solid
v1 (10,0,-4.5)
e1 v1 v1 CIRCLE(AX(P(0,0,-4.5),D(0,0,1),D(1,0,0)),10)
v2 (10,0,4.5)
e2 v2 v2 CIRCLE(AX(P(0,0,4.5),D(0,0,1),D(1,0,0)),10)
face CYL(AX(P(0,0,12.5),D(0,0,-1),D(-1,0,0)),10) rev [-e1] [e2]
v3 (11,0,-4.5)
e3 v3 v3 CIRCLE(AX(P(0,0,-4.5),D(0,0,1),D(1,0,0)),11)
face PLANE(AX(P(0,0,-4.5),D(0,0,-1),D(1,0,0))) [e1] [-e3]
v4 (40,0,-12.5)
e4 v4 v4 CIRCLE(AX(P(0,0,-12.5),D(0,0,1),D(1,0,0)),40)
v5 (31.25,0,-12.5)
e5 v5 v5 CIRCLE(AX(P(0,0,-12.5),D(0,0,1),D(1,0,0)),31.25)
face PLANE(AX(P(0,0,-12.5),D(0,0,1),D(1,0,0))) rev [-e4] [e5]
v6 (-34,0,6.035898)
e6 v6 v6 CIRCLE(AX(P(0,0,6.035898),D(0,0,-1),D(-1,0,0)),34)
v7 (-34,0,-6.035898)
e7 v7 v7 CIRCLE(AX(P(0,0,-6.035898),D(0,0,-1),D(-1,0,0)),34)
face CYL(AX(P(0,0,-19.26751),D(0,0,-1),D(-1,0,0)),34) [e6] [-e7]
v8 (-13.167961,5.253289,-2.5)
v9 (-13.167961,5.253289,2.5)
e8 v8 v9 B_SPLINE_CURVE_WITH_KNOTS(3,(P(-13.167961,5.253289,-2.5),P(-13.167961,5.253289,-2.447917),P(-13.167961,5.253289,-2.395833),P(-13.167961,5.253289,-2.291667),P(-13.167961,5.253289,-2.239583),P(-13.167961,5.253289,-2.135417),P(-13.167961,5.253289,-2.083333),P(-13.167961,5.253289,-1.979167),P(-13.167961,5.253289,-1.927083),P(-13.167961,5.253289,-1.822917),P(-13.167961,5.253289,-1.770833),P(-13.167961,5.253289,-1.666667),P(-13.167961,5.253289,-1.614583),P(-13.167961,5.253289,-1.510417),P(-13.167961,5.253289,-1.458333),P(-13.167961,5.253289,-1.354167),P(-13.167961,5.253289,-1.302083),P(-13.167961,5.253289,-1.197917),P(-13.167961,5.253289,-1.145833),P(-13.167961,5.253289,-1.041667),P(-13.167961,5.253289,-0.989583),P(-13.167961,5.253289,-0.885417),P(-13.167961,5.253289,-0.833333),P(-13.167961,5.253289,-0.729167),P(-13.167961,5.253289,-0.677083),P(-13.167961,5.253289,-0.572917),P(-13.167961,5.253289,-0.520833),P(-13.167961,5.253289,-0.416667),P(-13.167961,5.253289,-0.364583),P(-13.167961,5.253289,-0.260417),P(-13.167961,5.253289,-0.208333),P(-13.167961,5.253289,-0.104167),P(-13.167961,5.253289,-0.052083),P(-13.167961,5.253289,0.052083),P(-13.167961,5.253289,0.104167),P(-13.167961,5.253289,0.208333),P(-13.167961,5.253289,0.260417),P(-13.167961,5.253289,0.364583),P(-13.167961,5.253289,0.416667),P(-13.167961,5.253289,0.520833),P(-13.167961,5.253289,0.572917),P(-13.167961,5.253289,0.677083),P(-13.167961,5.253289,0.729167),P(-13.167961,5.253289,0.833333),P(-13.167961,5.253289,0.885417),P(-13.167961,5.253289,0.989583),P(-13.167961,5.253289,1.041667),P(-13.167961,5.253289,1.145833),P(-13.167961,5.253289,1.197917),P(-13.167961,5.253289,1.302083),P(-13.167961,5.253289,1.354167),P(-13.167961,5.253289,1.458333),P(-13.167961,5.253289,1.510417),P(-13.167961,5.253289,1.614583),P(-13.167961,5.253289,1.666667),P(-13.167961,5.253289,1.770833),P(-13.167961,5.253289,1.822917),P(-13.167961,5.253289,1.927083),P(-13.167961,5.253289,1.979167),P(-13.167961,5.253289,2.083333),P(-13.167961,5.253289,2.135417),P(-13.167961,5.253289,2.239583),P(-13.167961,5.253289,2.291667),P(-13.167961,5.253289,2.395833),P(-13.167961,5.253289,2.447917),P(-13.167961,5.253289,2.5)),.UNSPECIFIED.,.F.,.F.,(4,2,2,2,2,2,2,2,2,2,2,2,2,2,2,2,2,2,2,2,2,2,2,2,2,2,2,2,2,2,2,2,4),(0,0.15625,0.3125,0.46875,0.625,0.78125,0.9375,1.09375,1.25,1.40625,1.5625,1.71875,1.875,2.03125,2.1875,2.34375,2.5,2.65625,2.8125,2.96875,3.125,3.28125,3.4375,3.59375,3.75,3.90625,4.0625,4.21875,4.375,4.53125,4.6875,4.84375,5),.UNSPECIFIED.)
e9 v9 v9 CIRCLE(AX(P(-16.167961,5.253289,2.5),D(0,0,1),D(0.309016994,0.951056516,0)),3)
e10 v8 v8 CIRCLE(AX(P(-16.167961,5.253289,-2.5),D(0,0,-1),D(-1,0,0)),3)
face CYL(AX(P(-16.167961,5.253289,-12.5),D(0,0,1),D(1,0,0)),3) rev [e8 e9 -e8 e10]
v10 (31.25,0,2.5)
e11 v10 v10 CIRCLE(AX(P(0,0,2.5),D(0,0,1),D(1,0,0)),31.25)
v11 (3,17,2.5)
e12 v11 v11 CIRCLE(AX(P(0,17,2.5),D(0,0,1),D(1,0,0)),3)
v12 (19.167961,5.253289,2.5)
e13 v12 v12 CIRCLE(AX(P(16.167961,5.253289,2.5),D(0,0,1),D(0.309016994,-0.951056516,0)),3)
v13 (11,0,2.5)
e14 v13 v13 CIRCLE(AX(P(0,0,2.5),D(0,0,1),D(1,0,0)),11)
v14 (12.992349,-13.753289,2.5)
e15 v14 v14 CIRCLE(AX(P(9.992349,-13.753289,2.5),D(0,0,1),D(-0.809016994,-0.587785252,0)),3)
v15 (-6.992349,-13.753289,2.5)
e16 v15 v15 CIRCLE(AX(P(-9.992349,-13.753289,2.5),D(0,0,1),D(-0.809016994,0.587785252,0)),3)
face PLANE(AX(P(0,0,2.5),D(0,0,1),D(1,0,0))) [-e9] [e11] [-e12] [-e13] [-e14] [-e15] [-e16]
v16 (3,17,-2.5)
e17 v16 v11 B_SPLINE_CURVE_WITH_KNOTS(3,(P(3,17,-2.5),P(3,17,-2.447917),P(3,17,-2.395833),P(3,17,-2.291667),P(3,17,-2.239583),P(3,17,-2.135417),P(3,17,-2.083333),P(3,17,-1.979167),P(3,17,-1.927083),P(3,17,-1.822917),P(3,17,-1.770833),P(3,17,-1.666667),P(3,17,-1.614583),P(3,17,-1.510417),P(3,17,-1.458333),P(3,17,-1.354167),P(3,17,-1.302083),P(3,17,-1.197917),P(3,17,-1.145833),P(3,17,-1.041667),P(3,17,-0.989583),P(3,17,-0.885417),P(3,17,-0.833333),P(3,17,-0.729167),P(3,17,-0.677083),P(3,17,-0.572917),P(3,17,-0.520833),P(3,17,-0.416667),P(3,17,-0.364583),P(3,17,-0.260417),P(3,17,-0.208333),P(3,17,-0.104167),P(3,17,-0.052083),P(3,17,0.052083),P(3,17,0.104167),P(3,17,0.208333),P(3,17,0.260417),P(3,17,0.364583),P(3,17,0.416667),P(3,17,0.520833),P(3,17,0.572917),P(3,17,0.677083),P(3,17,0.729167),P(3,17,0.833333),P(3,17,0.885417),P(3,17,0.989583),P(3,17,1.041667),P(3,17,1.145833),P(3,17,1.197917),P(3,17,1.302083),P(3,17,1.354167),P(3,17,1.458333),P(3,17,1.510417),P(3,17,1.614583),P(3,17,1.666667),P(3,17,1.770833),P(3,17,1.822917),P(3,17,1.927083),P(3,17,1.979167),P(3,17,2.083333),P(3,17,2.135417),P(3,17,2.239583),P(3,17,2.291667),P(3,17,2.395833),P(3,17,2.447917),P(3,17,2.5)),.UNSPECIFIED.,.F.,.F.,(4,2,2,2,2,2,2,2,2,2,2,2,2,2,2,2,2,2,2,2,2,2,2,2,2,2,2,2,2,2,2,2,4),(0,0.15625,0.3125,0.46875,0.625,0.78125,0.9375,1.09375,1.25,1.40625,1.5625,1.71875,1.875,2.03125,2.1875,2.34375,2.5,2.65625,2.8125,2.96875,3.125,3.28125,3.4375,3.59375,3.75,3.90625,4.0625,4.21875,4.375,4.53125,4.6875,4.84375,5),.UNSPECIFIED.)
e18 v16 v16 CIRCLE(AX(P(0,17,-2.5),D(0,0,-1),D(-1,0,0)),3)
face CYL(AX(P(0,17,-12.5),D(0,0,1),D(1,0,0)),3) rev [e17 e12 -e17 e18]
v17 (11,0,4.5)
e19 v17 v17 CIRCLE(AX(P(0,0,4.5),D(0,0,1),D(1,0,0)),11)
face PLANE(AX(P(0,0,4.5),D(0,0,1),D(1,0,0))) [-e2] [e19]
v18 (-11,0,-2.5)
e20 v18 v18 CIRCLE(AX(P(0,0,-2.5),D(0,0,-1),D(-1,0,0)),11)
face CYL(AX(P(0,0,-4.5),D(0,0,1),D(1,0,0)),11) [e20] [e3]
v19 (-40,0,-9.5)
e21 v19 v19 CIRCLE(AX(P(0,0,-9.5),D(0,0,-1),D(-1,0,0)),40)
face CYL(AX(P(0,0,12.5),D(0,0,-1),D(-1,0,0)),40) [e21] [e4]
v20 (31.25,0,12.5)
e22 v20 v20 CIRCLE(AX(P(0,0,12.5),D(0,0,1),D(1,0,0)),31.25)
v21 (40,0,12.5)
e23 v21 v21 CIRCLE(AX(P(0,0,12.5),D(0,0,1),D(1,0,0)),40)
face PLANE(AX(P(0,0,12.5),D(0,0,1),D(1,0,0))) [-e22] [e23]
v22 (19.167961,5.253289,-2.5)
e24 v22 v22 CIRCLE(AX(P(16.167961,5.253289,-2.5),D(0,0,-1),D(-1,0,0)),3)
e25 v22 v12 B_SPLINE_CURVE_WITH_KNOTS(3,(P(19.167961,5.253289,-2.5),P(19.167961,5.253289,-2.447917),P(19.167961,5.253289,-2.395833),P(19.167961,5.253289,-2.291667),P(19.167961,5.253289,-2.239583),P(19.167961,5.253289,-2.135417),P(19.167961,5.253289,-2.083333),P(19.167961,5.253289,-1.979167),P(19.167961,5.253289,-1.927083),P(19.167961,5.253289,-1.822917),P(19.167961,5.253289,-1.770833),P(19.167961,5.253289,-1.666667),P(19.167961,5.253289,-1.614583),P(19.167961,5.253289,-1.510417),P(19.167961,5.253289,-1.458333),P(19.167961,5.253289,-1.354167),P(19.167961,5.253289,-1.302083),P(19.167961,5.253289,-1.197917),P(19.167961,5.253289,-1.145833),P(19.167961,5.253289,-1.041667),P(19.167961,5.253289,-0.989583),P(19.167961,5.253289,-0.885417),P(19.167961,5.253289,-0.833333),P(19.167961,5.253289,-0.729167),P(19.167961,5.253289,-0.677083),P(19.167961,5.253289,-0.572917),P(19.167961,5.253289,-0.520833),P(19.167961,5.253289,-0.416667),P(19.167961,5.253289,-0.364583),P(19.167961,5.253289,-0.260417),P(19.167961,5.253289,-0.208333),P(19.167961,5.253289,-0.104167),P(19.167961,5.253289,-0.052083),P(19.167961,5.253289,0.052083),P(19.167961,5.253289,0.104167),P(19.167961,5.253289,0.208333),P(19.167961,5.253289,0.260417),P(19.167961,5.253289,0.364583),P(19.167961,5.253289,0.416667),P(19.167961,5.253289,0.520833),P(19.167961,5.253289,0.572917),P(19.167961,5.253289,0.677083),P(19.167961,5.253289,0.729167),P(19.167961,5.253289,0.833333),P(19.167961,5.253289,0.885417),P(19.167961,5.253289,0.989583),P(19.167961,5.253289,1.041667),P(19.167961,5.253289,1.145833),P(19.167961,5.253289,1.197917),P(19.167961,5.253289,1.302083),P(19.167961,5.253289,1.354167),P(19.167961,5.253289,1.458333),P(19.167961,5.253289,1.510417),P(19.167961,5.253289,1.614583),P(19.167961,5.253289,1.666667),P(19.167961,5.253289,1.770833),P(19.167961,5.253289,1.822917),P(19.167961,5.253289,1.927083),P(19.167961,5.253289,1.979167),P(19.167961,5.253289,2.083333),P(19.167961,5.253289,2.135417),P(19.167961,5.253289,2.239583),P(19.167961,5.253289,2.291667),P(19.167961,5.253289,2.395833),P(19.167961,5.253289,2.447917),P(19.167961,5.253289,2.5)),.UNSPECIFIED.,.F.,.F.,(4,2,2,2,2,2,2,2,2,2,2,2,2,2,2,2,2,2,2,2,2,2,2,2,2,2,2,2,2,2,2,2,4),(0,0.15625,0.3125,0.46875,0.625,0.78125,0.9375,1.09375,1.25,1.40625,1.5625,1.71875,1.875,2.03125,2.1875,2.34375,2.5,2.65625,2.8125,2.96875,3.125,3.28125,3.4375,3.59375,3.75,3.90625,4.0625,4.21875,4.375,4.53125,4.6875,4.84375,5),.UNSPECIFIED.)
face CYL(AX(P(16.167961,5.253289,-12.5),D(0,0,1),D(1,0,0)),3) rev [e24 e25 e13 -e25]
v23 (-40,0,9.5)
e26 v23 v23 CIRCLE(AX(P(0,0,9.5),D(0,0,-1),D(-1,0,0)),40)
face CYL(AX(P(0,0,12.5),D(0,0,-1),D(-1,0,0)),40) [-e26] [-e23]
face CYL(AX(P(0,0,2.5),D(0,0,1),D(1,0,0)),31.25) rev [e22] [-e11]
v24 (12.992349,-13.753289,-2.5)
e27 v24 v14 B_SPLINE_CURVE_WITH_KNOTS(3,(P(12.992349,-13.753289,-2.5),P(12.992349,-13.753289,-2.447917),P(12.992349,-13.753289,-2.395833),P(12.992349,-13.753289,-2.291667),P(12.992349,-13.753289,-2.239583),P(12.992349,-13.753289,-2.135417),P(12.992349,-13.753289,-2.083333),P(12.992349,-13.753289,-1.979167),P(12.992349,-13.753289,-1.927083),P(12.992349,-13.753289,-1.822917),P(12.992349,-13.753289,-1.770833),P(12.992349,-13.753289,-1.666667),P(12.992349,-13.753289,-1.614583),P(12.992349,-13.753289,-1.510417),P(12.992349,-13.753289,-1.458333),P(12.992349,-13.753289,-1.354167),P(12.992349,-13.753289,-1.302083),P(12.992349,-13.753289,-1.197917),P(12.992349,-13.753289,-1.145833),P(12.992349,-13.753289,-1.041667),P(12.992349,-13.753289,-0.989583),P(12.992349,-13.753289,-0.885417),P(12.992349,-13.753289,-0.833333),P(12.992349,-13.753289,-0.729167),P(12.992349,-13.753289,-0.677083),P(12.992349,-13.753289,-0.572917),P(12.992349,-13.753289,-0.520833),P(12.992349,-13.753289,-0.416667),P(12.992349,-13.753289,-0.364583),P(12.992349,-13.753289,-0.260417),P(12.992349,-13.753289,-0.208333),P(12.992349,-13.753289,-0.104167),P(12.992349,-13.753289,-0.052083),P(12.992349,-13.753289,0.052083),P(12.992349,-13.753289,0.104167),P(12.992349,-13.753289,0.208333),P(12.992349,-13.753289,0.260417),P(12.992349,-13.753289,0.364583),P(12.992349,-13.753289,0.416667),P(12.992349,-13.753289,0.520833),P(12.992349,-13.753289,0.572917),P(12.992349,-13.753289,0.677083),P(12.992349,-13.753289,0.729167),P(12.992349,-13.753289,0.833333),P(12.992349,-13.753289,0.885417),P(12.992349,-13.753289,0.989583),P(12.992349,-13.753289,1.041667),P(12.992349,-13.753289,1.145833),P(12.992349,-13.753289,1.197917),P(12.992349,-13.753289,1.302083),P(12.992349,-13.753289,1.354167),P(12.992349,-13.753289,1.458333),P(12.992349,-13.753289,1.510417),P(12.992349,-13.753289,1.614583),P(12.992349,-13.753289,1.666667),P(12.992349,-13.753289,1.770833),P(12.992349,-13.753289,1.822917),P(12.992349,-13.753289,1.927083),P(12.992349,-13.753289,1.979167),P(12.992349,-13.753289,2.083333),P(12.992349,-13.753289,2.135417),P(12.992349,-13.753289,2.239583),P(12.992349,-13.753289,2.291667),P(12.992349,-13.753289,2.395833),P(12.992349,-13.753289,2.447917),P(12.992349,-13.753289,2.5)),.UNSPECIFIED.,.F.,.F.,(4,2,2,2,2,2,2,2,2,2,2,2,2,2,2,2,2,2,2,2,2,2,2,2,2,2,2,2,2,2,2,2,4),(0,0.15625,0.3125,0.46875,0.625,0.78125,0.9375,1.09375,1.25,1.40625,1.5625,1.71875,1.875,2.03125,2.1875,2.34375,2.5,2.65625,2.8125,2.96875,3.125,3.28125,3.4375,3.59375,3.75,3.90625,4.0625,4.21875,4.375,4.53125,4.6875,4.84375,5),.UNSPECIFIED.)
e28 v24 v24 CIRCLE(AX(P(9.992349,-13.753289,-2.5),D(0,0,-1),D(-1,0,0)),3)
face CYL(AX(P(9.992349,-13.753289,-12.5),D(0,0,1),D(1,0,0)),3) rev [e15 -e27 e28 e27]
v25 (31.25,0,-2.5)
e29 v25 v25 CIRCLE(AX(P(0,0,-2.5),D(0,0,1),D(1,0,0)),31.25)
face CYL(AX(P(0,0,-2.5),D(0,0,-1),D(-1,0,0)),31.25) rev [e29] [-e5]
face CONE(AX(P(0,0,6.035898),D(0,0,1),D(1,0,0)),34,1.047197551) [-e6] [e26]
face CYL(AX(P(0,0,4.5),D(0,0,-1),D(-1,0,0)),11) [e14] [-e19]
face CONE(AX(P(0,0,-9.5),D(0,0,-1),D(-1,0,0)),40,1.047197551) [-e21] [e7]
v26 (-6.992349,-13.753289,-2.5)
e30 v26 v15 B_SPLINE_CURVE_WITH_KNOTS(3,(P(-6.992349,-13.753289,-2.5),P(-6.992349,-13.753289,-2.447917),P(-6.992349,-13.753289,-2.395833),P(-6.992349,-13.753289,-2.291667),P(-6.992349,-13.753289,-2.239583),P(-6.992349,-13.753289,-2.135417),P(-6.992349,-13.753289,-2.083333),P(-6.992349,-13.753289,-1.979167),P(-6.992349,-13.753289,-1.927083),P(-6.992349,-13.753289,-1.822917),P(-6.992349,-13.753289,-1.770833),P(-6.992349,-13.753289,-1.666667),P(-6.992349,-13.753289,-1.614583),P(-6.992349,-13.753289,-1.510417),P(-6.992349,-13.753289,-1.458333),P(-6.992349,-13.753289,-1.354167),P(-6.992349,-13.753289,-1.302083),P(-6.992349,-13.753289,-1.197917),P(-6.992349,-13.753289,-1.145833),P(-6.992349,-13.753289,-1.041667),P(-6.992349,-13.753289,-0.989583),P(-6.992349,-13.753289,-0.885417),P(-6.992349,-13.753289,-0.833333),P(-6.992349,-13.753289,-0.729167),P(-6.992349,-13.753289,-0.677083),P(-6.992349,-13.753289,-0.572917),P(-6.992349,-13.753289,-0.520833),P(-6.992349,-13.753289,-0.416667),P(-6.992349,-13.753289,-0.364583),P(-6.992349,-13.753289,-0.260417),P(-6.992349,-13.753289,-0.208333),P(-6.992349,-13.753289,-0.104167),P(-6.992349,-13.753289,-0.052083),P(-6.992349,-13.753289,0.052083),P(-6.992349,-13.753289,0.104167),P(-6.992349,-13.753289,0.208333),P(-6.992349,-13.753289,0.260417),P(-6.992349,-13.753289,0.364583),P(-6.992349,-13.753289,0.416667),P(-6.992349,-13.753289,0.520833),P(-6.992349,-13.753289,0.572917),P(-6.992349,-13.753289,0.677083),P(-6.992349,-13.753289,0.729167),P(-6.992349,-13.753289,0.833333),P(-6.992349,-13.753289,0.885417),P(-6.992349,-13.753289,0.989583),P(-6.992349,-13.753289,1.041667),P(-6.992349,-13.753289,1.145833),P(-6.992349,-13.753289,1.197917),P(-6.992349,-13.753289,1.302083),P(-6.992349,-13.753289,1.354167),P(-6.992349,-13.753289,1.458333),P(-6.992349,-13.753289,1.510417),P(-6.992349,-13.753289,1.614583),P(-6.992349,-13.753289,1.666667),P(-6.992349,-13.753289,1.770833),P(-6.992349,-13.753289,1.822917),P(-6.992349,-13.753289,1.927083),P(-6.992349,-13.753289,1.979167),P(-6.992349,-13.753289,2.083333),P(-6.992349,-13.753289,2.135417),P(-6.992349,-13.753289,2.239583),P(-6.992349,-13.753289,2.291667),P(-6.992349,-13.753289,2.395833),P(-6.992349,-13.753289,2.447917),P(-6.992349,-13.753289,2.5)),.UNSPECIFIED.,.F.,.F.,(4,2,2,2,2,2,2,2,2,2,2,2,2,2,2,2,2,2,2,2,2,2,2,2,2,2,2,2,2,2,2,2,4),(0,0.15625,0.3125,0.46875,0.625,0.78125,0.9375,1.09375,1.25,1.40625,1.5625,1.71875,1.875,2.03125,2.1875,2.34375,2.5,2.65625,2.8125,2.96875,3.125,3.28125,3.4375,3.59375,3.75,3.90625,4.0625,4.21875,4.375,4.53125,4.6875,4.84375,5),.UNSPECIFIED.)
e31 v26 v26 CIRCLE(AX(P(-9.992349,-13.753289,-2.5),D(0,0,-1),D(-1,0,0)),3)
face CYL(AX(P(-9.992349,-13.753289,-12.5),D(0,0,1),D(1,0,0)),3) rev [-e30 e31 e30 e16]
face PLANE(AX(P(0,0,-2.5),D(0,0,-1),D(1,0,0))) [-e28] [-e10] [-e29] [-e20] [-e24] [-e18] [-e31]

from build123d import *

# Parameters (mm, degrees)
SKETCH2_R           = 40
SKETCH2_R_2         = 10
BOSS_EXTRUDE1_DEPTH = 12.5
SKETCH3_R           = 31.25
CUT_EXTRUDE1_DEPTH  = 10
SKETCH6_R           = 11
SKETCH6_R_2         = 10
BOSS_EXTRUDE2_DEPTH = 2
SKETCH4_R           = 3
CUT_EXTRUDE2_DEPTH  = 59.523499554
CIRPATTERN1_COUNT   = 5


with BuildPart() as part:
    # Sketch2 → Boss-Extrude1 (new, symmetric)
    with BuildSketch(Plane.XY):
        Circle(SKETCH2_R)
        Circle(SKETCH2_R_2, mode=Mode.SUBTRACT)
    extrude(amount=BOSS_EXTRUDE1_DEPTH, both=True)

    # Sketch3 → Cut-Extrude1 (cut)
    with BuildSketch(Plane.XY.offset(12.5)):
        Circle(SKETCH3_R)
    cut_extrude1 = extrude(amount=-CUT_EXTRUDE1_DEPTH, mode=Mode.SUBTRACT)

    # Sketch6 → Boss-Extrude2 (add)
    with BuildSketch(Plane.XY.offset(2.5)):
        Circle(SKETCH6_R)
        Circle(SKETCH6_R_2, mode=Mode.SUBTRACT)
    boss_extrude2 = extrude(amount=BOSS_EXTRUDE2_DEPTH)

    # Mirror1: Cut-Extrude1, Boss-Extrude2 across plane
    add(cut_extrude1.mirror(Plane.XY), mode=Mode.SUBTRACT)
    add(boss_extrude2.mirror(Plane.XY))

    # Sketch4 → Cut-Extrude2 (cut, through all)
    with BuildSketch(Plane.XY.offset(2.5)):
        with Locations((0, 17)):
            Circle(SKETCH4_R)
    cut_extrude2 = extrude(amount=-CUT_EXTRUDE2_DEPTH, mode=Mode.SUBTRACT)

    # CirPattern1: Cut-Extrude2 ×5 about axis
    cirpattern1_axis = Axis((0, 0, 0), (0, 0, 1))
    for i in range(1, CIRPATTERN1_COUNT):
        add(cut_extrude2.rotate(cirpattern1_axis, i * 360 / CIRPATTERN1_COUNT), mode=Mode.SUBTRACT)

    # Sketch5 → Cut-Revolve1 (revolve, cut)
    with BuildSketch(Plane(origin=(0, 0, 0), x_dir=(1, 0, 0), z_dir=(0, 1, 0)), mode=Mode.PRIVATE) as cut_revolve1_sk:
        Polygon((40, 9.5), (34, 6.035898385), (34, -6.035898385), (40, -9.5), align=None)
    revolve(cut_revolve1_sk.sketch.rotate(Axis((0, 0, -19.267509915), (0, 0, 1)), 180), axis=Axis((0, 0, -19.267509915), (0, 0, 1)), mode=Mode.SUBTRACT)


solid = part.part
